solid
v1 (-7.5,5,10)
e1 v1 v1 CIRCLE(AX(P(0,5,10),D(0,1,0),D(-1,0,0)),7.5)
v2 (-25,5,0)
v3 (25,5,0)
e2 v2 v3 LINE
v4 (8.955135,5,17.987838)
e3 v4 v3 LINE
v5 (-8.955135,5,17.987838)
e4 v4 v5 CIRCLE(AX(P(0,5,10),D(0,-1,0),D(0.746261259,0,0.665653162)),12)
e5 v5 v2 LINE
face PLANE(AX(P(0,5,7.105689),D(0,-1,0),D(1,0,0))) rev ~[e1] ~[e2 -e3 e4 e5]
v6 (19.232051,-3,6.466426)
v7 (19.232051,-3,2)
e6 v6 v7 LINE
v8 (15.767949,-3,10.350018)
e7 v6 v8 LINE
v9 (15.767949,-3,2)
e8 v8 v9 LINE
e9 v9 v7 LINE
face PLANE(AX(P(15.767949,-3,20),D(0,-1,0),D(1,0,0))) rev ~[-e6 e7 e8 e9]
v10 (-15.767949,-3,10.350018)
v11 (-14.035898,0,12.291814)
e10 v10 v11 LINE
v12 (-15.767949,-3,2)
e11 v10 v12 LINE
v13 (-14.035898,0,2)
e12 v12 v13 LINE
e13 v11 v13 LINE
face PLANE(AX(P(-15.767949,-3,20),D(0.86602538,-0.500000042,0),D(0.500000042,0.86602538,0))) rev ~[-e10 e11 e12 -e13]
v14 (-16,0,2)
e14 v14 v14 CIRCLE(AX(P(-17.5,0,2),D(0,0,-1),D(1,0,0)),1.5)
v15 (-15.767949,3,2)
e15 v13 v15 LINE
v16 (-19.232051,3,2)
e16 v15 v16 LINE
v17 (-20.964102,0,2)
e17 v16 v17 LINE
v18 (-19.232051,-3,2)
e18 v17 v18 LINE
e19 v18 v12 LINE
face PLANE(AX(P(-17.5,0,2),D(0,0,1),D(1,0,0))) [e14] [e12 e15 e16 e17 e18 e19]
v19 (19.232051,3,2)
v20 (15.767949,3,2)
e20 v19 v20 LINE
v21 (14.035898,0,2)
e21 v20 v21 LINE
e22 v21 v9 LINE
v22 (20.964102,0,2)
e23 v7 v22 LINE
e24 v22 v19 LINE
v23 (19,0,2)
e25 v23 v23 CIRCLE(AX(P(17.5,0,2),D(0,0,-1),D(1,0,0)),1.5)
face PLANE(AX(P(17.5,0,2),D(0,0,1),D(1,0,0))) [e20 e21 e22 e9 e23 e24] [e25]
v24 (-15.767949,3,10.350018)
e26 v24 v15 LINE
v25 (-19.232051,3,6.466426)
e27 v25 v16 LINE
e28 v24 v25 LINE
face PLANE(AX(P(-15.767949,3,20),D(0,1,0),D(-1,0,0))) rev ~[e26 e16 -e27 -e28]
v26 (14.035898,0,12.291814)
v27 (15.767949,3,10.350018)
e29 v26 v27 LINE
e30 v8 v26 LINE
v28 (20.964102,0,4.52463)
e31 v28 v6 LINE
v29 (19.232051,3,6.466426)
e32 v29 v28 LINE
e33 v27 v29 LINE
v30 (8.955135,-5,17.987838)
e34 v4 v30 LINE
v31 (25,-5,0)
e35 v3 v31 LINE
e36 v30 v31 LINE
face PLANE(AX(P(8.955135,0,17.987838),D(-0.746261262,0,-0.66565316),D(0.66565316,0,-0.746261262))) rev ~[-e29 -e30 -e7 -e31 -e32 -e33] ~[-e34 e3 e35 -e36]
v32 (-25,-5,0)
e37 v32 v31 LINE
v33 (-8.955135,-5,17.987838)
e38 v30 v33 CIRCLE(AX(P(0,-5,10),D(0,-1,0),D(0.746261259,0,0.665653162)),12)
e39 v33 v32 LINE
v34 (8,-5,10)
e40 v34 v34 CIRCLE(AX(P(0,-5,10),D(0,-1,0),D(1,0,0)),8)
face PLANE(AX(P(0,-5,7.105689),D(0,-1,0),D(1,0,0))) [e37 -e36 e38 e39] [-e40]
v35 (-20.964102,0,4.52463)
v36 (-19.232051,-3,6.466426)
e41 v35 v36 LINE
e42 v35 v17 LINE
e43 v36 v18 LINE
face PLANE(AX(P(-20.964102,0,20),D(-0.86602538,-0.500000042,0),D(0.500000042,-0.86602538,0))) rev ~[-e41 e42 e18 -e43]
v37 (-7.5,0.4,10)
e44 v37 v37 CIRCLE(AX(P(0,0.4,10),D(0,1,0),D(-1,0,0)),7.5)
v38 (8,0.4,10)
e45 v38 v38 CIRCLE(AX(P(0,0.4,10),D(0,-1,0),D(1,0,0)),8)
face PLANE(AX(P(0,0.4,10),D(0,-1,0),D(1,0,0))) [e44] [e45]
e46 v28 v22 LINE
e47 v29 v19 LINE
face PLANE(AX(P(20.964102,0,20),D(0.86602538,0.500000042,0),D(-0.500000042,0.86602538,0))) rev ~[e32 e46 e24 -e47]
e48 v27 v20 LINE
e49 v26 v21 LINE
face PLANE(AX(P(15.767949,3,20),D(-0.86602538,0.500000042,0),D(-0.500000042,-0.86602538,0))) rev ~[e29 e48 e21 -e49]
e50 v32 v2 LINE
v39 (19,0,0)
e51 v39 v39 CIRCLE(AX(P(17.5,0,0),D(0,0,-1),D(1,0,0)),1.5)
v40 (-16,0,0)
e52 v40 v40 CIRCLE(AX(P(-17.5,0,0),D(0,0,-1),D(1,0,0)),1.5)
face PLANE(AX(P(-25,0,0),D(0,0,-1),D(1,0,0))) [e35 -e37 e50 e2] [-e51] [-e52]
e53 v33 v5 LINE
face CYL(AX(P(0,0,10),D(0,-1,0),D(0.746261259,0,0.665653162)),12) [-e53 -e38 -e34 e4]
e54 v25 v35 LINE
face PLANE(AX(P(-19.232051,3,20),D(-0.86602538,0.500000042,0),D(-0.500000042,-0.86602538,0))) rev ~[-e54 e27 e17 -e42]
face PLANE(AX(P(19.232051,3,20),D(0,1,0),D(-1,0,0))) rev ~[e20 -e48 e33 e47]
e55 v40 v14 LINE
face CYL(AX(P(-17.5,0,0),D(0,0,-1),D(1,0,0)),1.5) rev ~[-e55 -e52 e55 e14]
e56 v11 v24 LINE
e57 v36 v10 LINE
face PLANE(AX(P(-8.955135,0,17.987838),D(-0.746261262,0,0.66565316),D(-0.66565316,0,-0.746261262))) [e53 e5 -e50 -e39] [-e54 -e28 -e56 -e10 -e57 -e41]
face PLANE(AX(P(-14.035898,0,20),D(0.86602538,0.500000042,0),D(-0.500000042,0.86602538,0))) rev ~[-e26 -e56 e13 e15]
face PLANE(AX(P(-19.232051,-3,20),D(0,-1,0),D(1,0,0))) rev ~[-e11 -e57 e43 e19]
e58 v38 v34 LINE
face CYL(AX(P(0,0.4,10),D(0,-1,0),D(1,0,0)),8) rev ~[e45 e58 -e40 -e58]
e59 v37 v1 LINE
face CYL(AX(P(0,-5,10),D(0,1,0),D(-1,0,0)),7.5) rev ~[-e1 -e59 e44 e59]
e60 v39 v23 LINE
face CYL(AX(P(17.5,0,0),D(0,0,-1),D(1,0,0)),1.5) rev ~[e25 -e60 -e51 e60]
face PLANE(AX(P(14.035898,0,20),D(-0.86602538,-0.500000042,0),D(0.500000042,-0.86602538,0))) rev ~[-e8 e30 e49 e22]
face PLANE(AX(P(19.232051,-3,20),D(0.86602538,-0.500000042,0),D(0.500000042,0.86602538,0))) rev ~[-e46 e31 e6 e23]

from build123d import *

# Parameters (mm, degrees)
PAD_DEPTH        = 5
HOLE_D           = 15
HOLE_CBORE_D     = 16
HOLE_CBORE_DEPTH = 5.4
SKETCH002_R      = 1.5
HOLE001_DEPTH    = 25
POCKET_DEPTH     = 18


with BuildPart() as part:
    # Sketch → Pad (new body, symmetric)
    with BuildSketch(Plane.XZ):
        with BuildLine():
            Line((-25, 0), (25, 0))
            Line((8.955135, 17.987838), (25, 0))
            ThreePointArc((8.955135, 17.987838), (0, 22), (-8.955135, 17.987838))
            Line((-8.955135, 17.987838), (-25, 0))
        make_face()
    extrude(amount=PAD_DEPTH, both=True)

    # Hole (through all)
    with Locations(Plane.XZ.offset(5)):
        with Locations((0, 10)):
            CounterBoreHole(HOLE_D / 2, HOLE_CBORE_D / 2, HOLE_CBORE_DEPTH)

    # Sketch002 (on Face6 of Hole) → Hole001 (cut)
    with BuildSketch(Plane(origin=(0, 0, 0), x_dir=(1, 0, 0), z_dir=(0, 0, -1))):
        with Locations((-17.5, 0)):
            Circle(SKETCH002_R)
        with Locations((17.5, 0)):
            Circle(SKETCH002_R)
    extrude(amount=-HOLE001_DEPTH, mode=Mode.SUBTRACT)

    # Sketch003 → Pocket (cut)
    with BuildSketch(Plane.XY.offset(20)):
        Polygon((-15.767949, 3), (-19.232051, 3), (-20.964102, 0), (-19.232051, -3), (-15.767949, -3), (-14.035898, 0), align=None)
        Polygon((15.767949, 3), (14.035898, 0), (15.767949, -3), (19.232051, -3), (20.964102, 0), (19.232051, 3), align=None)
    extrude(amount=-POCKET_DEPTH, mode=Mode.SUBTRACT)


solid = part.part
